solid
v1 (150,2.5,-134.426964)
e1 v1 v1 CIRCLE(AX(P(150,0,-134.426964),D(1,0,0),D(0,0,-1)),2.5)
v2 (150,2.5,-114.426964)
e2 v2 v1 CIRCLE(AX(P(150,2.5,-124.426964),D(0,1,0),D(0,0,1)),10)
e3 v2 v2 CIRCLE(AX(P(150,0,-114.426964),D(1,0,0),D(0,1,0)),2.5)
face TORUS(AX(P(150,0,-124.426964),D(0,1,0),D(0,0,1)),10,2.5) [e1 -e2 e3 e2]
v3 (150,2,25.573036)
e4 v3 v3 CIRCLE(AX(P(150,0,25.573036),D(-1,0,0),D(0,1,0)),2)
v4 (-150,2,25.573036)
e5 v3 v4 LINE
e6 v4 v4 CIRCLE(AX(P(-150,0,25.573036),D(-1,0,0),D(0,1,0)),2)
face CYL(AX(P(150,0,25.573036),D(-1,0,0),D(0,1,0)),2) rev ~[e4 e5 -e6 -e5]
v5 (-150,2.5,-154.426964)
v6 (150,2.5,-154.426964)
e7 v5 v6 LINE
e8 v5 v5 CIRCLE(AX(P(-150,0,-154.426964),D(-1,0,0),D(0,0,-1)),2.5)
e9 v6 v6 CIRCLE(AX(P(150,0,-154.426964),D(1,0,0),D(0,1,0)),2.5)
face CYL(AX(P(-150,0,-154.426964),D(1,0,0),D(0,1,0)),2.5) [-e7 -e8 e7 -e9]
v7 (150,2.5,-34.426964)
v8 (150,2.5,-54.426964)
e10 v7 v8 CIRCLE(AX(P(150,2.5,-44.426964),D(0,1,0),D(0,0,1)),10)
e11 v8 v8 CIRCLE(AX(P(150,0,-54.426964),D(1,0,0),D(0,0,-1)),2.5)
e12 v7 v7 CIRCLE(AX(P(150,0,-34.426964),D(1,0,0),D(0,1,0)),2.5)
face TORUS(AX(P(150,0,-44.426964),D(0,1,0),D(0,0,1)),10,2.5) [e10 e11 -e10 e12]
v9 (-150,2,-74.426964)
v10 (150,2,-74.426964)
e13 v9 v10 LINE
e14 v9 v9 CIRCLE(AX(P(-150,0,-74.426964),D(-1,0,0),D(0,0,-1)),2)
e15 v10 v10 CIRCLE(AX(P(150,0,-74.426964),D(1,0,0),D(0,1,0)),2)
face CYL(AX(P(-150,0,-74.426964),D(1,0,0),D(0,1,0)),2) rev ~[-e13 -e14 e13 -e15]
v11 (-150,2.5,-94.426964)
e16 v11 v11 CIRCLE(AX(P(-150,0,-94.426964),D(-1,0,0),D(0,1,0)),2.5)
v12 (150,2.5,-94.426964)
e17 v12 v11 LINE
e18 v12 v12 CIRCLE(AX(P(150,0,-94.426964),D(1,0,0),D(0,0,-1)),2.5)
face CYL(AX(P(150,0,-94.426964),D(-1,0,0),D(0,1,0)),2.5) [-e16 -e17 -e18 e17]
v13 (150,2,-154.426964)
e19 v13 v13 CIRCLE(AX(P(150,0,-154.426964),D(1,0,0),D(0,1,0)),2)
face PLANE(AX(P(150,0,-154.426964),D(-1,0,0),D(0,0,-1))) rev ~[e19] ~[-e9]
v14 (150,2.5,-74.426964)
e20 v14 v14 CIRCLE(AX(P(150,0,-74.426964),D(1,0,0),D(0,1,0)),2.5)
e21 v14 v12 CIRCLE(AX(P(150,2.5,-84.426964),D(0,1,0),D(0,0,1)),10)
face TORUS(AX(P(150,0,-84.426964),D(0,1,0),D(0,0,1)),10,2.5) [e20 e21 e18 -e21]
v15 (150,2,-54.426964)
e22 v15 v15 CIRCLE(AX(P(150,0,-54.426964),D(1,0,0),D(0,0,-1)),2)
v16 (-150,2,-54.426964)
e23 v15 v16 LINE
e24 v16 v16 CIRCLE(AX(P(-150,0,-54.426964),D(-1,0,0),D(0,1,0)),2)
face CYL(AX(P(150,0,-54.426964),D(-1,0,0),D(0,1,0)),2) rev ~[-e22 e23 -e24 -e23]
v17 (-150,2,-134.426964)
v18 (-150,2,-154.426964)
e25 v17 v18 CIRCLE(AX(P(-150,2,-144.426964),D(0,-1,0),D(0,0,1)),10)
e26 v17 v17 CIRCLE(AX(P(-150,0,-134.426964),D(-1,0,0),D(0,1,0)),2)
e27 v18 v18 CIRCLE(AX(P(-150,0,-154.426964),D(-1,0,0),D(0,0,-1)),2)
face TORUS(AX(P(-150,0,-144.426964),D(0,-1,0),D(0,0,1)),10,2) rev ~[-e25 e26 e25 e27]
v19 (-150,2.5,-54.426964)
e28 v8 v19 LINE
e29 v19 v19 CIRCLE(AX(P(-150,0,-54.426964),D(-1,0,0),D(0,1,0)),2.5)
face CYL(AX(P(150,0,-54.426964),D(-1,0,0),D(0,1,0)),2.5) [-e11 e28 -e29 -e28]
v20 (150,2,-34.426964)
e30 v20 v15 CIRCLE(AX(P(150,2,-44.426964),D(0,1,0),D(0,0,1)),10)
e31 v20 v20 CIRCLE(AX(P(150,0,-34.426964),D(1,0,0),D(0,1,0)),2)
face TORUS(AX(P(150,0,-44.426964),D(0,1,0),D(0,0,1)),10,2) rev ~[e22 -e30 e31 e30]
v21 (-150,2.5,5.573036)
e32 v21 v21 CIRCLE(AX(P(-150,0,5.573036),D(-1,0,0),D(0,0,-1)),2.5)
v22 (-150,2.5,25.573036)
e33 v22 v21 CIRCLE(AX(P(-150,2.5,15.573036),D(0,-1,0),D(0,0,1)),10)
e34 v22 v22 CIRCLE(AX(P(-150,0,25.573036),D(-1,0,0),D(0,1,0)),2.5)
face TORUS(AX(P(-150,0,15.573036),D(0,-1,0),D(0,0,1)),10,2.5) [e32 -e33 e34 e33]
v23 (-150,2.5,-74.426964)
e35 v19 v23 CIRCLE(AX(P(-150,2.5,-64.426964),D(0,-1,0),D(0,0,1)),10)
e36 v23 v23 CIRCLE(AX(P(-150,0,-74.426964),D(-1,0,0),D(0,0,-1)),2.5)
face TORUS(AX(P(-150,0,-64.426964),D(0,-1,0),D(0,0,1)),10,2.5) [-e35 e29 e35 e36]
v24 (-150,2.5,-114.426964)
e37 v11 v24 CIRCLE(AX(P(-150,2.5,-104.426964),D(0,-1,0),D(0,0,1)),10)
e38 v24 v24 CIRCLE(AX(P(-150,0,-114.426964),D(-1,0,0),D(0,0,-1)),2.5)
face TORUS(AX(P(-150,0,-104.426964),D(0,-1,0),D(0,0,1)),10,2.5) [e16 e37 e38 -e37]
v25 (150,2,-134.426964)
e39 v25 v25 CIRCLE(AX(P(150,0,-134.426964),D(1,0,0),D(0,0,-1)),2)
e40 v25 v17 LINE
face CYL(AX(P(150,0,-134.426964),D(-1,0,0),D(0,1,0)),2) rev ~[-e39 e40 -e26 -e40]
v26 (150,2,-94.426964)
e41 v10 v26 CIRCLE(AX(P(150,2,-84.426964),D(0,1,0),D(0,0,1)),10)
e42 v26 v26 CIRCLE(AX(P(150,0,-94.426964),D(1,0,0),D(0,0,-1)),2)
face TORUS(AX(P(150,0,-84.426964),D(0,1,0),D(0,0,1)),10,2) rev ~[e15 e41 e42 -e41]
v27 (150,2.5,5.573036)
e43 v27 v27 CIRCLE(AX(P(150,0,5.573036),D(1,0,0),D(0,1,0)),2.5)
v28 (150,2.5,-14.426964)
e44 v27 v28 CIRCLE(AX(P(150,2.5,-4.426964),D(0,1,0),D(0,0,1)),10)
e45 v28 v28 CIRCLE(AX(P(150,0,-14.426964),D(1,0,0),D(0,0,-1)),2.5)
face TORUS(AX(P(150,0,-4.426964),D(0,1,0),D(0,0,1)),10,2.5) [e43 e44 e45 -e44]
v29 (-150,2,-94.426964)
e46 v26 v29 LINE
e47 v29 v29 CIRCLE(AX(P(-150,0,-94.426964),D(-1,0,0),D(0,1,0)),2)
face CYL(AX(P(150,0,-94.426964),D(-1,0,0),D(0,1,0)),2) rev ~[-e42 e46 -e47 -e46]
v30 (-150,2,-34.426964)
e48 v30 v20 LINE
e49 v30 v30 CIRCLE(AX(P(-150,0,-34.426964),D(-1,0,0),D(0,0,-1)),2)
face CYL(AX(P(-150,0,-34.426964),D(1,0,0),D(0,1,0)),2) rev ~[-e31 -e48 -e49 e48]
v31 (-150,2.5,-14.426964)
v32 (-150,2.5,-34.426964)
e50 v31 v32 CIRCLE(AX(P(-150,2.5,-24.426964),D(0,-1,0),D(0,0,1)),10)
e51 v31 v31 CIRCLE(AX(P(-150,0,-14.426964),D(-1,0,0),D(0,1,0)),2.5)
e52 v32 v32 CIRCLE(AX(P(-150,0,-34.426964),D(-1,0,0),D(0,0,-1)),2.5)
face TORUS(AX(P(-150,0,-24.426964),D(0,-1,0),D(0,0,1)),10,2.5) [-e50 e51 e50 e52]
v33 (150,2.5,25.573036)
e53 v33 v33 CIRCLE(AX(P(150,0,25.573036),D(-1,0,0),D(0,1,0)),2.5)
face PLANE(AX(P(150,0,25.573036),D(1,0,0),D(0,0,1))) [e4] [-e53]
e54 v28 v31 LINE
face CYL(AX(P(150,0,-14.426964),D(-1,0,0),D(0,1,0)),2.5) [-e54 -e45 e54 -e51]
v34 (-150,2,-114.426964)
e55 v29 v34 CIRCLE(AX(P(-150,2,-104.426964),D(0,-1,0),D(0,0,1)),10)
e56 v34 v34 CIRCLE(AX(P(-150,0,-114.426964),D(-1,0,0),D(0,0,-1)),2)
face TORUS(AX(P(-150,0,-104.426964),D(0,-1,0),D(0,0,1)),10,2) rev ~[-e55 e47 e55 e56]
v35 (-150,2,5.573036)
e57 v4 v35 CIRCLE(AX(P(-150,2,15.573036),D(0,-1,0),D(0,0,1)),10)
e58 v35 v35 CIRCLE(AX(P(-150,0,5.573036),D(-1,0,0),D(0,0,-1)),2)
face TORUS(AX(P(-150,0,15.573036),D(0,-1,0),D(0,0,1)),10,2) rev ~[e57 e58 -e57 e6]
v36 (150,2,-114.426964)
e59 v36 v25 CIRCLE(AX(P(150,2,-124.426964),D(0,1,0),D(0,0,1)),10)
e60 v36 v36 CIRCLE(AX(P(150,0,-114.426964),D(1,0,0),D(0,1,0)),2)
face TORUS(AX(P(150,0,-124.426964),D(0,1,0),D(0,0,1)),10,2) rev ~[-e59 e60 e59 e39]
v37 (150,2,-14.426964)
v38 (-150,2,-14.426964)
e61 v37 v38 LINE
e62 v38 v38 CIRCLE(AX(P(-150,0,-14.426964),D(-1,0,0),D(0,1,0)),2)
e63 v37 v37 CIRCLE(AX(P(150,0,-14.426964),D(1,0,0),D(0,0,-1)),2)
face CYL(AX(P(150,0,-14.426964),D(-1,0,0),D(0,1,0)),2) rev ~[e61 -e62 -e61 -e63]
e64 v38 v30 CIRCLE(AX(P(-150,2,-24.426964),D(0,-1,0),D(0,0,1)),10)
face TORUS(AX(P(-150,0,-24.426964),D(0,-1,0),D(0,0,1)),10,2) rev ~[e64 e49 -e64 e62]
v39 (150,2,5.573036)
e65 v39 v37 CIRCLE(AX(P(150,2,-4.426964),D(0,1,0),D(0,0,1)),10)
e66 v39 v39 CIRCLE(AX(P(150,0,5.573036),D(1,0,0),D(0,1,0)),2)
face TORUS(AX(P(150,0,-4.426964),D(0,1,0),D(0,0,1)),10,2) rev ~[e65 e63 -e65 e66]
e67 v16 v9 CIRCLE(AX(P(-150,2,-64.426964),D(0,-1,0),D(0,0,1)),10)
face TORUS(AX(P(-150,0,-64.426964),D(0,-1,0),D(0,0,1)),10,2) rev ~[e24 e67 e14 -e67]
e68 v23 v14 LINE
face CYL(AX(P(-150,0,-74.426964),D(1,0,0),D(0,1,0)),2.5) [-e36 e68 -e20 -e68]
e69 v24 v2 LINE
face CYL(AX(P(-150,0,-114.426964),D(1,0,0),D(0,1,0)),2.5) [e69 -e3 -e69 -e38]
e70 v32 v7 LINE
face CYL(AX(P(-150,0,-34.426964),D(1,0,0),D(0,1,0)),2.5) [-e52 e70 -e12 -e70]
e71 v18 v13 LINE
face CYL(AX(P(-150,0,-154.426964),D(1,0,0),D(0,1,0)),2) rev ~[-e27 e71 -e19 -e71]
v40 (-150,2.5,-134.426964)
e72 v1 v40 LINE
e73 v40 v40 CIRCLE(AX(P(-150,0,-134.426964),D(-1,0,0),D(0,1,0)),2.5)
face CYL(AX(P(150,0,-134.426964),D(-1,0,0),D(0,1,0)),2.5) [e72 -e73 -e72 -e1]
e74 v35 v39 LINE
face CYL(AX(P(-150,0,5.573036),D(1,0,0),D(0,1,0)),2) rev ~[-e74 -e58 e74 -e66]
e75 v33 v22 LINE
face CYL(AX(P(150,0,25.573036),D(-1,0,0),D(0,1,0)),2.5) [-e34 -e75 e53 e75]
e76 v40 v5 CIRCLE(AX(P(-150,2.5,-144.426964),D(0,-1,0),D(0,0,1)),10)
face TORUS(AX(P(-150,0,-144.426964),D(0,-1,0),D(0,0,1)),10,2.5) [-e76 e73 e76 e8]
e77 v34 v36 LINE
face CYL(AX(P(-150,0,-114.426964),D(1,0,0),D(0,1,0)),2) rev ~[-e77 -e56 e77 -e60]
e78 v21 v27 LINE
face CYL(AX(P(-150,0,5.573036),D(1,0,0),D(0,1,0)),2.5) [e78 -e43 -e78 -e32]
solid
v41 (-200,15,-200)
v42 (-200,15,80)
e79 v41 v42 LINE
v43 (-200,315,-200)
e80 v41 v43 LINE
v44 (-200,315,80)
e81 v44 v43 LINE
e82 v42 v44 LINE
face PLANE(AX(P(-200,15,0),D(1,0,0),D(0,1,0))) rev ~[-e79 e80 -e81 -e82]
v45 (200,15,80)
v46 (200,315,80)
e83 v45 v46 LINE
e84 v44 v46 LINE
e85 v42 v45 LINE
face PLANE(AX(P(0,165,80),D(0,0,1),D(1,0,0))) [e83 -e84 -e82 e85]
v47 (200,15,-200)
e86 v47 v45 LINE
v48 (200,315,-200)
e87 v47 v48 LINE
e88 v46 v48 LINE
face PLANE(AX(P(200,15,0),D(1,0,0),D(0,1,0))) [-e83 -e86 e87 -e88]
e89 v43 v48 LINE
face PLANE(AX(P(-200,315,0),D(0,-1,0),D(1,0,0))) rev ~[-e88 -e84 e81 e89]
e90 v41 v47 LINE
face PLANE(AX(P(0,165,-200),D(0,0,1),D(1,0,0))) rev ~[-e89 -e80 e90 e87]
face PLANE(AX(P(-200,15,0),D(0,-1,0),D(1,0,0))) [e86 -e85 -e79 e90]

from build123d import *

# Parameters (mm, degrees)
F1_R          = 2.5
F1_R_2        = 2
F3_W          = 400
F3_H          = 300
F4_DEPTH      = 80
F4_DEPTH_BACK = 200


with BuildPart() as f2:
    # F2: sweep along a path in F0
    with BuildLine(Plane.XZ) as f2_path:
        Line((150, 25.5730357021), (-150, 25.5730357021))
        ThreePointArc((-150, 25.5730357021), (-160, 15.5730357021), (-150, 5.5730357021))
        Line((-150, 5.5730357021), (150, 5.5730357021))
        ThreePointArc((150, 5.5730357021), (160, -4.4269642979), (150, -14.4269642979))
        Line((150, -14.4269642979), (-150, -14.4269642979))
        ThreePointArc((-150, -14.4269642979), (-160, -24.4269642979), (-150, -34.4269642979))
        Line((-150, -34.4269642979), (150, -34.4269642979))
        ThreePointArc((150, -34.4269642979), (160, -44.4269642979), (150, -54.4269642979))
        Line((150, -54.4269642979), (-150, -54.4269642979))
        ThreePointArc((-150, -54.4269642979), (-160, -64.4269642979), (-150, -74.4269642979))
        Line((-150, -74.4269642979), (150, -74.4269642979))
        ThreePointArc((150, -74.4269642979), (160, -84.4269642979), (150, -94.4269642979))
        Line((150, -94.4269642979), (-150, -94.4269642979))
        ThreePointArc((-150, -94.4269642979), (-160, -104.4269642979), (-150, -114.4269642979))
        Line((-150, -114.4269642979), (150, -114.4269642979))
        ThreePointArc((150, -114.4269642979), (160, -124.4269642979), (150, -134.4269642979))
        Line((150, -134.4269642979), (-150, -134.4269642979))
        ThreePointArc((-150, -134.4269642979), (-160, -144.4269642979), (-150, -154.4269642979))
        Line((-150, -154.4269642979), (150, -154.4269642979))
    # F1 (on Right) → F2 (sweep)
    with BuildSketch(Plane.YZ):
        with Locations((0, 25.5730357021)):
            Circle(F1_R)
        with Locations((0, 25.5730357021)):
            Circle(F1_R_2, mode=Mode.SUBTRACT)
    sweep(path=f2_path.line)


with BuildPart() as f4:
    # F3 (on Top) → F4 (new body, two sides)
    with BuildSketch(Plane.XY) as f4_sk:
        with Locations((0, 165)):
            Rectangle(F3_W, F3_H)
    extrude(amount=F4_DEPTH)
    extrude(f4_sk.sketch, amount=-F4_DEPTH_BACK)


solid = Compound([f2.part, f4.part])
